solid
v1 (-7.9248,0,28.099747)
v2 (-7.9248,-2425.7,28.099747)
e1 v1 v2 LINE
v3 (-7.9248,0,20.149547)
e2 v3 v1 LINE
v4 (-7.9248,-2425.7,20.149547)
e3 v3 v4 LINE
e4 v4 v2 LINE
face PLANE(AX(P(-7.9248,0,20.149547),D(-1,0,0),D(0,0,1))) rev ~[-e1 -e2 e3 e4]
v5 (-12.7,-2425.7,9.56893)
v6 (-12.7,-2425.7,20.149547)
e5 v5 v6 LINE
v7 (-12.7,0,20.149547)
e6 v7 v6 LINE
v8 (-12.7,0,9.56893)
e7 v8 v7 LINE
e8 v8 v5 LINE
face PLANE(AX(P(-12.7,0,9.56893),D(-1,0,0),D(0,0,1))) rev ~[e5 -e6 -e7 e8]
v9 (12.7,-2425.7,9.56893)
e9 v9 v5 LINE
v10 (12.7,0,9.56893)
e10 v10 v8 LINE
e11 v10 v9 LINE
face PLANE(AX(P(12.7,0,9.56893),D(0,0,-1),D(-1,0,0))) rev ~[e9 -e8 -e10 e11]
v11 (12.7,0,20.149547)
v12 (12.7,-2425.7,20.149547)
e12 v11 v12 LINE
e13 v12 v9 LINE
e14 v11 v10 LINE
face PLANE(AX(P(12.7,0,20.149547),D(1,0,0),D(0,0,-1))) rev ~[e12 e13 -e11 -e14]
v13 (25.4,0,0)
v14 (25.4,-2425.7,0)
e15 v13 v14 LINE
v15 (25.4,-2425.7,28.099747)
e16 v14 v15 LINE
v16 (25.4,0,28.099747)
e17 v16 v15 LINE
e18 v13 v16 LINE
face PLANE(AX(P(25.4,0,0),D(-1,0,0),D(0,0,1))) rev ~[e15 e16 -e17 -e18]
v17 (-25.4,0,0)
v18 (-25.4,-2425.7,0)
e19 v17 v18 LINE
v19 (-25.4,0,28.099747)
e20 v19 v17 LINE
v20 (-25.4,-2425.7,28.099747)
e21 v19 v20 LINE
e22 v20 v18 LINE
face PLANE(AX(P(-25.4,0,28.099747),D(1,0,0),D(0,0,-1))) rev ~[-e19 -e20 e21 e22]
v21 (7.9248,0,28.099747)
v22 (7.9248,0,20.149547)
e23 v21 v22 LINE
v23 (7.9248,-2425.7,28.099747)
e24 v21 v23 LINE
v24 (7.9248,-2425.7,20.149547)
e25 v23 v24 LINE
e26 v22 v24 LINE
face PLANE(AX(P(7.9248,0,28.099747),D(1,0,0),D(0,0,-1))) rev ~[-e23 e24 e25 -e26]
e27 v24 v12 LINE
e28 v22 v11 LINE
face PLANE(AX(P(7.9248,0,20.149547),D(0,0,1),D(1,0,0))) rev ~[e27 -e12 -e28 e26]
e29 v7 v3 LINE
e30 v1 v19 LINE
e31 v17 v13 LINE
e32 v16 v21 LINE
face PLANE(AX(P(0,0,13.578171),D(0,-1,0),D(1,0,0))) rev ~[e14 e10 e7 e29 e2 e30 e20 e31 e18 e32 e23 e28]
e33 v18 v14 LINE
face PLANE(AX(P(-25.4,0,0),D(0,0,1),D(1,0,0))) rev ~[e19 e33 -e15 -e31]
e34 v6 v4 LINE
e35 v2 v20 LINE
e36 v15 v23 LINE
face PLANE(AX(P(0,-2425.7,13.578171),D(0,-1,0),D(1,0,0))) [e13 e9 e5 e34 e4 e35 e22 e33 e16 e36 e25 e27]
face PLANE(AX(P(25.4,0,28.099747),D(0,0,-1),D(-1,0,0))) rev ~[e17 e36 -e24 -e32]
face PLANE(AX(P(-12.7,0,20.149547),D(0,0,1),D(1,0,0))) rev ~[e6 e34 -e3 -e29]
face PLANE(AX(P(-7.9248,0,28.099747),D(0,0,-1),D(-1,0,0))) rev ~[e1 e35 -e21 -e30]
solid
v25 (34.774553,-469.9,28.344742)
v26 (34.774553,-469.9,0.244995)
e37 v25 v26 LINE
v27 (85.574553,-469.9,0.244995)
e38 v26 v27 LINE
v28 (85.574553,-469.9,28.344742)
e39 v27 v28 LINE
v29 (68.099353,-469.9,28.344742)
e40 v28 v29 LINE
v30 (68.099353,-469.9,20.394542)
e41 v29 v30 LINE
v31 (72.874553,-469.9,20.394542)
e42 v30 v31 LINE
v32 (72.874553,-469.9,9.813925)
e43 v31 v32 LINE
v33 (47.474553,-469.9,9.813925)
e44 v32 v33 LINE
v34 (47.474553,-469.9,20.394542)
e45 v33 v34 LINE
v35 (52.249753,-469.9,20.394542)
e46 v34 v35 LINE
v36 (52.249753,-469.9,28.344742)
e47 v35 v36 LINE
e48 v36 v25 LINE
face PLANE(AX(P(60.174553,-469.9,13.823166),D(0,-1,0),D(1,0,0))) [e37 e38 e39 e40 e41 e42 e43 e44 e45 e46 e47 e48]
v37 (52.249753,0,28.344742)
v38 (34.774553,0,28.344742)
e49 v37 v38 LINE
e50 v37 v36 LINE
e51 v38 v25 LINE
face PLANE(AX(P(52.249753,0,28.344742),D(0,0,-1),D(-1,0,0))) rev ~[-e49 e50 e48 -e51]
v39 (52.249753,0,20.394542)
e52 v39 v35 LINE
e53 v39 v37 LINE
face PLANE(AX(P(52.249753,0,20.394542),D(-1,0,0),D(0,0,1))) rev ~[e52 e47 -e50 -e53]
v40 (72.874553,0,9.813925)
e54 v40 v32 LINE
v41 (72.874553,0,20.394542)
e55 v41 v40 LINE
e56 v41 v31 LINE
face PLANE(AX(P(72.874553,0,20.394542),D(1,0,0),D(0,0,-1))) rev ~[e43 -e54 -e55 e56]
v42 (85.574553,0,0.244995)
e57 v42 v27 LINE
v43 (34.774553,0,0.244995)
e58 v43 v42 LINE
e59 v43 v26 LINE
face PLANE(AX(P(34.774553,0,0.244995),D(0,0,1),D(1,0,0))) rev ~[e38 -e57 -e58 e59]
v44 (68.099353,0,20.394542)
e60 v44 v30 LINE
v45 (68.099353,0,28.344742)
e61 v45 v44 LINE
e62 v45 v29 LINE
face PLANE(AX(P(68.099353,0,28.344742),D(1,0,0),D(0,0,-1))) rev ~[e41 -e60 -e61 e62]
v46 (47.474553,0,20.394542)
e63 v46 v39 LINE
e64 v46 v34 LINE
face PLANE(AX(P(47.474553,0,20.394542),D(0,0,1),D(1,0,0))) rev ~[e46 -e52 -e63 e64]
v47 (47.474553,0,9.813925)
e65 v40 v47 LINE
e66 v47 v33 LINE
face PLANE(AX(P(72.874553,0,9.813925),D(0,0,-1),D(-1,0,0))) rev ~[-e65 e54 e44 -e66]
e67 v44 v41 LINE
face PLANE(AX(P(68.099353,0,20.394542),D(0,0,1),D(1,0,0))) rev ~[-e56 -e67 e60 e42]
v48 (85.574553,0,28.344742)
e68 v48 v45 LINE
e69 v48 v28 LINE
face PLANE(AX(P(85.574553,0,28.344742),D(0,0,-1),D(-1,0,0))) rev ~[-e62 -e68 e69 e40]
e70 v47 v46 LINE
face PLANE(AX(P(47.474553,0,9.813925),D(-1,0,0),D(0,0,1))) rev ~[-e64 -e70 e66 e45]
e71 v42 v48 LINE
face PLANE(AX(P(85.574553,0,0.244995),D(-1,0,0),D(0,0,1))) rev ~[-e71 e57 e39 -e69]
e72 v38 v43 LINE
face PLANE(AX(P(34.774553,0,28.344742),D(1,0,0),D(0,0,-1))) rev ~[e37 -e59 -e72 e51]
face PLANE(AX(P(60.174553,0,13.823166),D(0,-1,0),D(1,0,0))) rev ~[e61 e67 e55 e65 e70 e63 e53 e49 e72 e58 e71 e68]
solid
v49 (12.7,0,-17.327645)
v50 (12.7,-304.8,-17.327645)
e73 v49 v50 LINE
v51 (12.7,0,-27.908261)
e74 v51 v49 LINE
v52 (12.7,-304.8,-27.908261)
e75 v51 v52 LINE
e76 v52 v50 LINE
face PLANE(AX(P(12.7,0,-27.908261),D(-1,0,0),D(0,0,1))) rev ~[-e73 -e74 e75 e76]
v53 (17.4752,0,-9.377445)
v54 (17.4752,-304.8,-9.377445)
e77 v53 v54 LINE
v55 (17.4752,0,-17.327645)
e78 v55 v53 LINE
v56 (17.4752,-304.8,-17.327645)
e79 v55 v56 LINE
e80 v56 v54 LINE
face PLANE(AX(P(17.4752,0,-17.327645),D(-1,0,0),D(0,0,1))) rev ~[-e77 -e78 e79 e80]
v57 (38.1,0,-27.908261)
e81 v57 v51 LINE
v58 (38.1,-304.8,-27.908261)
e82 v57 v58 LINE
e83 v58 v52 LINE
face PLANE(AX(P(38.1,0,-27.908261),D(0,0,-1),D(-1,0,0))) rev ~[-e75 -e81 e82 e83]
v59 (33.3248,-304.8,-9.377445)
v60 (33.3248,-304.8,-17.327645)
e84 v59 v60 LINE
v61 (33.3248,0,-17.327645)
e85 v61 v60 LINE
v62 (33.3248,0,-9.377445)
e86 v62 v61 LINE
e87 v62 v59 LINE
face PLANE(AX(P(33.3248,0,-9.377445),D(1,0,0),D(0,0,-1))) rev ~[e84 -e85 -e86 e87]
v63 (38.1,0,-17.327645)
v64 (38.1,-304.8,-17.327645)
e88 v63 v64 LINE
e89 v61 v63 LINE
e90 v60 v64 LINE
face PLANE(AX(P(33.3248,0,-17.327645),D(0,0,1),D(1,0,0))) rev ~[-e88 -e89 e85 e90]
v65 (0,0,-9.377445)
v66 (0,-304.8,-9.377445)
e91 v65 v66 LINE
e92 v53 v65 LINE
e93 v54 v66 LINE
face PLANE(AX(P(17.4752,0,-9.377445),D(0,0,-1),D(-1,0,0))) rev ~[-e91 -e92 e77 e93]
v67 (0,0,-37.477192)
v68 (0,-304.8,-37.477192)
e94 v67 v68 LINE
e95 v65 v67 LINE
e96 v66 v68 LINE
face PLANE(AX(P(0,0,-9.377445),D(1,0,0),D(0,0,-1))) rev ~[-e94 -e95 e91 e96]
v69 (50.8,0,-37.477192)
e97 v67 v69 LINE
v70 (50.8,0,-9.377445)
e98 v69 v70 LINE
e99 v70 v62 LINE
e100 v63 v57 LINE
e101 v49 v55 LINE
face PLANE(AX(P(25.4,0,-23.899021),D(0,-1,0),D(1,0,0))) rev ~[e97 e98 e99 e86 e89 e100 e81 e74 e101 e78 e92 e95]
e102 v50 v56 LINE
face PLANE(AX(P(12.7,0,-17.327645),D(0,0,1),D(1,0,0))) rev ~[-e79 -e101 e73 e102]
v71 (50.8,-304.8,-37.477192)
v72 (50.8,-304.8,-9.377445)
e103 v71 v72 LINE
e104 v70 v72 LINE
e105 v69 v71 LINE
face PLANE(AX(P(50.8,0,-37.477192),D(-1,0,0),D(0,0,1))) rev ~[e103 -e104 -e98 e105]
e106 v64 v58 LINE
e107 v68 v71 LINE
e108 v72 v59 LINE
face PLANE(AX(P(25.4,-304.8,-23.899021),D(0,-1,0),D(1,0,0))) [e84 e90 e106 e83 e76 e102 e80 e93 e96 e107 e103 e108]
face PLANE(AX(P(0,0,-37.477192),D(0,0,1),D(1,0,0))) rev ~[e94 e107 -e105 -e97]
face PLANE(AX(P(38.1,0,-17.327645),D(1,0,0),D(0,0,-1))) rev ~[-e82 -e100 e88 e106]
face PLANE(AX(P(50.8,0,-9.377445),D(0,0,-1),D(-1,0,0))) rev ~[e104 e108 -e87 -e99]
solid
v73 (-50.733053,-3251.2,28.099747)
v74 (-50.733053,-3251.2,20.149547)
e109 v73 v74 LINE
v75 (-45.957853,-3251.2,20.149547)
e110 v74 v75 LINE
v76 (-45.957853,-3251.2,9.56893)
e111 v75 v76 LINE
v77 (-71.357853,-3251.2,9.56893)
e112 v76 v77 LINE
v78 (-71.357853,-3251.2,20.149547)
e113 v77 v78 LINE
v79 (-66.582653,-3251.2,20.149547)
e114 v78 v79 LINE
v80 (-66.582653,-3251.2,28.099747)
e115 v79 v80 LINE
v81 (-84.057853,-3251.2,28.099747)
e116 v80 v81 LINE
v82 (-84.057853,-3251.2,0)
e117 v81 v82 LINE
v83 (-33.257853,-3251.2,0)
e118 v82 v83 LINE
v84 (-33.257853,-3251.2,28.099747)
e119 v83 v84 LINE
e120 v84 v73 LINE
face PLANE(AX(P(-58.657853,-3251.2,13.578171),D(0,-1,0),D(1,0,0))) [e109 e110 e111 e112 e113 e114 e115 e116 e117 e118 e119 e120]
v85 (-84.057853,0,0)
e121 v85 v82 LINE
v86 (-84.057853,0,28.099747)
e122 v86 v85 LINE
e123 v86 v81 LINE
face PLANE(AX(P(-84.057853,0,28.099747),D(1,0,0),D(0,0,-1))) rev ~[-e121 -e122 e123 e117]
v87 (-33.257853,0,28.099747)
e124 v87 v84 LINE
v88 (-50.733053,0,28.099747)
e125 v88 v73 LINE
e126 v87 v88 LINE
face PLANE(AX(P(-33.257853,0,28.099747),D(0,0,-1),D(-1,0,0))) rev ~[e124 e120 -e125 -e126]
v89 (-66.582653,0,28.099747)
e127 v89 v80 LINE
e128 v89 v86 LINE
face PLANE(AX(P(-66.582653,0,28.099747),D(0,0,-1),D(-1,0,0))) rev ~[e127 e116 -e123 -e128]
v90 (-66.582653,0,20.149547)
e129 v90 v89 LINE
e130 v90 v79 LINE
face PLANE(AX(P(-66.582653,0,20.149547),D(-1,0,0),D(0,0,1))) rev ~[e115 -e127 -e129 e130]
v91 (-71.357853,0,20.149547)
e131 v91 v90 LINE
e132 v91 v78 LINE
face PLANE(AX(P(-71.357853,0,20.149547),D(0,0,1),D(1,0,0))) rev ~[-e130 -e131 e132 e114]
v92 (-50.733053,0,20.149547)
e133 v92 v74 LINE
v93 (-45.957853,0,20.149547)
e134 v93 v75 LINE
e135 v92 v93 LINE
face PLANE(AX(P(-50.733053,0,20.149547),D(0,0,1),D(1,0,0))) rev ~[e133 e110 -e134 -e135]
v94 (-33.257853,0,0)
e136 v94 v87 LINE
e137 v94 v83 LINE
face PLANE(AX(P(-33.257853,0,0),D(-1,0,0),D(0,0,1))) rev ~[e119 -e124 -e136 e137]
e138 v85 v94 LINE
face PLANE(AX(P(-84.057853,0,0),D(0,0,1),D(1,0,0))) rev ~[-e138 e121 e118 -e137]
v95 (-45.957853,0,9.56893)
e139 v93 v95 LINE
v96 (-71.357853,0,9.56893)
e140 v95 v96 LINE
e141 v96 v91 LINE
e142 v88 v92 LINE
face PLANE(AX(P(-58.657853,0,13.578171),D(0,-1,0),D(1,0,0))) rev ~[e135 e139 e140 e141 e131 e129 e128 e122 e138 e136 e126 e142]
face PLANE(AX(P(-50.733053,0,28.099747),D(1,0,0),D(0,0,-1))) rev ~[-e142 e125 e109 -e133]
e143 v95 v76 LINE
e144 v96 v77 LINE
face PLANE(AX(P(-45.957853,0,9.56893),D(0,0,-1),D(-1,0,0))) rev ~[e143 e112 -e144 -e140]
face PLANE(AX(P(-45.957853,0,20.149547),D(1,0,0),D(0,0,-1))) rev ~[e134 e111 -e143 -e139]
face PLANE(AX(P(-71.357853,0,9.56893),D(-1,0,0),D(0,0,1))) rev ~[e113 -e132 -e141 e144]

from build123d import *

# Parameters (mm, degrees)
F4_DEPTH = 3251.2
F5_DEPTH = 2425.7
F6_DEPTH = 469.9
F7_DEPTH = 304.8


with BuildPart() as f4:
    # F1 (on Front) → F4 (new body)
    with BuildSketch(Plane.XZ):
        Polygon((-84.057853, 0), (-58.657853, 0), (-33.257853, 0), (-33.257853, 28.099747), (-50.733053, 28.099747), (-50.733053, 20.149547), (-45.957853, 20.149547), (-45.957853, 9.56893), (-71.357853, 9.56893), (-71.357853, 20.149547), (-66.582653, 20.149547), (-66.582653, 28.099747), (-84.057853, 28.099747), align=None)
    extrude(amount=F4_DEPTH)


with BuildPart() as f5:
    # F0 (on Front) → F5 (new body)
    with BuildSketch(Plane.XZ):
        Polygon((-25.4, 0), (0, 0), (25.4, 0), (25.4, 28.099747), (7.9248, 28.099747), (7.9248, 20.149547), (12.7, 20.149547), (12.7, 9.56893), (-12.7, 9.56893), (-12.7, 20.149547), (-7.9248, 20.149547), (-7.9248, 28.099747), (-25.4, 28.099747), align=None)
    extrude(amount=F5_DEPTH)


with BuildPart() as f6:
    # F2 (on Front) → F6 (new body)
    with BuildSketch(Plane.XZ):
        Polygon((34.774553, 0.244995), (60.174553, 0.244995), (85.574553, 0.244995), (85.574553, 28.344742), (68.099353, 28.344742), (68.099353, 20.394542), (72.874553, 20.394542), (72.874553, 9.813925), (47.474553, 9.813925), (47.474553, 20.394542), (52.249753, 20.394542), (52.249753, 28.344742), (34.774553, 28.344742), align=None)
    extrude(amount=F6_DEPTH)


with BuildPart() as f7:
    # F3 (on Front) → F7 (new body)
    with BuildSketch(Plane.XZ):
        Polygon((0, -37.477192), (25.4, -37.477192), (50.8, -37.477192), (50.8, -9.377445), (33.3248, -9.377445), (33.3248, -17.327645), (38.1, -17.327645), (38.1, -27.908261), (12.7, -27.908261), (12.7, -17.327645), (17.4752, -17.327645), (17.4752, -9.377445), (0, -9.377445), align=None)
    extrude(amount=F7_DEPTH)


solid = Compound([f4.part, f5.part, f6.part, f7.part])
